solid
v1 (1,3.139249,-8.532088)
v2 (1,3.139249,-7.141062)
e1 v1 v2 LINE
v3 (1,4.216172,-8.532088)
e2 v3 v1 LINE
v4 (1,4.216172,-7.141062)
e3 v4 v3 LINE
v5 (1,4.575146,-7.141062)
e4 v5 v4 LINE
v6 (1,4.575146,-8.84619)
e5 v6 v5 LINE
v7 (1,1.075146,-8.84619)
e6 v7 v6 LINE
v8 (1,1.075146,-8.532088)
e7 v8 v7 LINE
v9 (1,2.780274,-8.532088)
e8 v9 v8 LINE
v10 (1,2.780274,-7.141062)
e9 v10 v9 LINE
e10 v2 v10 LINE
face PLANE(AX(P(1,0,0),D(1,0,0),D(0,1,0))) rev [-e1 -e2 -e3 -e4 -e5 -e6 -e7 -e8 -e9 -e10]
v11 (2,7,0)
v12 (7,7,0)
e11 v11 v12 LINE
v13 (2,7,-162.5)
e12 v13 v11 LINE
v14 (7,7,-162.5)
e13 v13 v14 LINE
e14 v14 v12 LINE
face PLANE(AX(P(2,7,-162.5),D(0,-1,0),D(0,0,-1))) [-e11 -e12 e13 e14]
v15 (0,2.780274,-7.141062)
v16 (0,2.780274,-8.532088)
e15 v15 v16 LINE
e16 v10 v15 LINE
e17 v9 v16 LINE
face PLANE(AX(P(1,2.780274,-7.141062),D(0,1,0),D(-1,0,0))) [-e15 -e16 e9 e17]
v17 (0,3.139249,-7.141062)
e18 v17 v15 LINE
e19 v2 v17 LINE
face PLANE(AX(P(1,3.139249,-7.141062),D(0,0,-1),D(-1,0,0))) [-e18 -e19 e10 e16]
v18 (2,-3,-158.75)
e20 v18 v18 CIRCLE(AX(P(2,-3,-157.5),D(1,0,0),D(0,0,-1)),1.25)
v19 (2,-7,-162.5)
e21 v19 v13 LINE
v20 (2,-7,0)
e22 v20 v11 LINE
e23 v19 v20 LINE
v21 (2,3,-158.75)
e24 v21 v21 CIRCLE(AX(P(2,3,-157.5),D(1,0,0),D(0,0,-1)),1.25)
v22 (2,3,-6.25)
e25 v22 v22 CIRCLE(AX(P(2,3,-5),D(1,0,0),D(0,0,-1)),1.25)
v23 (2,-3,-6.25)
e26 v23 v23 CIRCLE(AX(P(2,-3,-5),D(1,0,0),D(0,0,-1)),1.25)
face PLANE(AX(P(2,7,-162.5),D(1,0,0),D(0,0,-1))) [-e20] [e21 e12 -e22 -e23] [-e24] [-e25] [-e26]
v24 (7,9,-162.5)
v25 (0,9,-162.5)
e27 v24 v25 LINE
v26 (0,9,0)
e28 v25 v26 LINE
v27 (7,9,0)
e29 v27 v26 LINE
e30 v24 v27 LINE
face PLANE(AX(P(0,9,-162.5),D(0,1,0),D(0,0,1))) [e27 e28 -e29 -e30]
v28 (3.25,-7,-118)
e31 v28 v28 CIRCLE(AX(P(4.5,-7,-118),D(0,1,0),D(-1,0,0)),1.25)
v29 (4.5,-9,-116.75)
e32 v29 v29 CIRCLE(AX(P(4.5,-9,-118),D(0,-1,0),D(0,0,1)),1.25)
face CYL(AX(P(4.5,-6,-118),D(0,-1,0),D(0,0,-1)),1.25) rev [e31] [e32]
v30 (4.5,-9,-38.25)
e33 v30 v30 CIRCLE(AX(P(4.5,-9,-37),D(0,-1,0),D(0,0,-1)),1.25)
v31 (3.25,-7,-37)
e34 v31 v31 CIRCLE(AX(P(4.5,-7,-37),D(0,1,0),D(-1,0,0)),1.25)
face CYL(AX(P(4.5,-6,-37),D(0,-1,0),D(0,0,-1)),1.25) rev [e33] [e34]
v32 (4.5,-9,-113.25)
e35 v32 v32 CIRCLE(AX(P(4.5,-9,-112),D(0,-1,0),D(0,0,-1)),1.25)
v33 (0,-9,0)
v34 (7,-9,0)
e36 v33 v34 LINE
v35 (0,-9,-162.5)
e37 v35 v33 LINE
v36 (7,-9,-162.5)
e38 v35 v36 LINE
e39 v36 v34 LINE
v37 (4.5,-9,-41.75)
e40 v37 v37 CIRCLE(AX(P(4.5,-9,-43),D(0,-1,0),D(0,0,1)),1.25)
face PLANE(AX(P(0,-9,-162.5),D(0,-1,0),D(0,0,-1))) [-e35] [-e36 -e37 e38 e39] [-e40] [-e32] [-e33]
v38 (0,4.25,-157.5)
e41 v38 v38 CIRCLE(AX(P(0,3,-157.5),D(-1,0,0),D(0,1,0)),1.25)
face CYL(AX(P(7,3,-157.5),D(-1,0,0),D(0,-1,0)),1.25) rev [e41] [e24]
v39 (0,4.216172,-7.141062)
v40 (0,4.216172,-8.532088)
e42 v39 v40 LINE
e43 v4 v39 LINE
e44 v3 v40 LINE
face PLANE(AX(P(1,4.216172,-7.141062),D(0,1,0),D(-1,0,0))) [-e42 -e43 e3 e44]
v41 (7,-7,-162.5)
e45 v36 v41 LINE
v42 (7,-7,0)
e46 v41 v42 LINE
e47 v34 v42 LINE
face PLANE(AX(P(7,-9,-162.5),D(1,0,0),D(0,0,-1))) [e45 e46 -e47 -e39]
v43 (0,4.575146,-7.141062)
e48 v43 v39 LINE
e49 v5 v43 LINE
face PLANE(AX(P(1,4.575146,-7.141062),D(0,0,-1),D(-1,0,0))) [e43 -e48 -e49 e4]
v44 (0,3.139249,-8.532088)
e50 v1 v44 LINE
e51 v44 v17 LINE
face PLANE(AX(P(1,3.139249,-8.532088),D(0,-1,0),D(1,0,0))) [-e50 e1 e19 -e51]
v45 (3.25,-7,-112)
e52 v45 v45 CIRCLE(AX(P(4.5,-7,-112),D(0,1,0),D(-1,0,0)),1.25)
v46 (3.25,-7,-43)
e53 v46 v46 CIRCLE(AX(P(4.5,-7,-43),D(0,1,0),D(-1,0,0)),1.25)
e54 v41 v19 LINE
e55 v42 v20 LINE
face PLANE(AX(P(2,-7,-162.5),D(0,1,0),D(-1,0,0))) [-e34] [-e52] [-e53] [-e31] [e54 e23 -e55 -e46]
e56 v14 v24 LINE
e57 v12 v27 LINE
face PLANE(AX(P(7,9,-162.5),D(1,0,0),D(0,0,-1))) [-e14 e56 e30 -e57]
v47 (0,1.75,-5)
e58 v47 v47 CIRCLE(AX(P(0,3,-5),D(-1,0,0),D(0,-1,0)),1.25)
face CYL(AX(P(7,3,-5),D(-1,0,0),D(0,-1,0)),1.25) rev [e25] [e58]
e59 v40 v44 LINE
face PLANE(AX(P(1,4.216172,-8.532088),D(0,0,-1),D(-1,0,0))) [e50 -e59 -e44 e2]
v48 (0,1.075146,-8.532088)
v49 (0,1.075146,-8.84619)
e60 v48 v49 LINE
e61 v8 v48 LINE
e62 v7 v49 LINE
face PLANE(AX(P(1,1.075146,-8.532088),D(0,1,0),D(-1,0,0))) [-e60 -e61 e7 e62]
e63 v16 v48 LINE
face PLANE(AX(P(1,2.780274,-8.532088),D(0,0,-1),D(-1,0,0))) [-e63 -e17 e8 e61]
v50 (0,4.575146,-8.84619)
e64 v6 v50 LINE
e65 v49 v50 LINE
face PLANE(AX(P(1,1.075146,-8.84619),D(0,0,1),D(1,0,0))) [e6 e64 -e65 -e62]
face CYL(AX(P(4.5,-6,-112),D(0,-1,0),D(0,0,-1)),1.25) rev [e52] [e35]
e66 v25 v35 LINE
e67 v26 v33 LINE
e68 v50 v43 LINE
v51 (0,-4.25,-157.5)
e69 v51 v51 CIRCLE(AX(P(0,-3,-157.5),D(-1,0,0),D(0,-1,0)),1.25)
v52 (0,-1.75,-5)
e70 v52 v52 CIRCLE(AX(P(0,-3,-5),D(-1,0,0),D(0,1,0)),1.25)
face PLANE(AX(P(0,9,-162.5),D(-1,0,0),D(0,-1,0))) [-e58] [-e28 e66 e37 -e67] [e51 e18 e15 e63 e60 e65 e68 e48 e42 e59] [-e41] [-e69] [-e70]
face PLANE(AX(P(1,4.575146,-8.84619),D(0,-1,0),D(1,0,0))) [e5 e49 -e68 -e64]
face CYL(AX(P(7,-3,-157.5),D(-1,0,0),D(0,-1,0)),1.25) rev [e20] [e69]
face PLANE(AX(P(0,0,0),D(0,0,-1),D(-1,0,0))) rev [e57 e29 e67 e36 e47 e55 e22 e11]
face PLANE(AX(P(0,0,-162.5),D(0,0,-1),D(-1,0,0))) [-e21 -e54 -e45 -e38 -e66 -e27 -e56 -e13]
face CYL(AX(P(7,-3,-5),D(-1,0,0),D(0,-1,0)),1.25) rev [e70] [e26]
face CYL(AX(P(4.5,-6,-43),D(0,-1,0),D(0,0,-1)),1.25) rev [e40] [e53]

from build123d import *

# Parameters (mm, degrees)
BOSS_EXTRUDE1_DEPTH = 162.5
SKETCH2_R           = 1.25
CUT_EXTRUDE1_DEPTH  = 8
CUT_EXTRUDE2_DEPTH  = 1
SKETCH4_R           = 1.25
CUT_EXTRUDE3_DEPTH  = 3


with BuildPart() as part:
    # Sketch1 → Boss-Extrude1 (new body)
    with BuildSketch(Plane.XY):
        Polygon((0, 9), (0, -9), (7, -9), (7, -7), (2, -7), (2, 7), (7, 7), (7, 9), align=None)
    extrude(amount=-BOSS_EXTRUDE1_DEPTH)

    # Sketch2 → Cut-Extrude1 (cut, through all)
    with BuildSketch(Plane.ZY):
        with Locations((-5, 3)):
            Circle(SKETCH2_R)
        with Locations((-5, -3)):
            Circle(SKETCH2_R)
        with Locations((-157.5, -3)):
            Circle(SKETCH2_R)
        with Locations((-157.5, 3)):
            Circle(SKETCH2_R)
    extrude(amount=-CUT_EXTRUDE1_DEPTH, mode=Mode.SUBTRACT)

    # Sketch3 → Cut-Extrude2 (cut)
    with BuildSketch(Plane.ZY):
        Polygon((-8.84619024, 4.575146227), (-7.141062035, 4.575146227), (-7.141062035, 4.216171868), (-8.532087676, 4.216171868), (-8.532087676, 3.139248791), (-7.141062035, 3.139248791), (-7.141062035, 2.780274432), (-8.532087676, 2.780274432), (-8.532087676, 1.075146227), (-8.84619024, 1.075146227), align=None)
    extrude(amount=-CUT_EXTRUDE2_DEPTH, mode=Mode.SUBTRACT)

    # Sketch4 → Cut-Extrude3 (cut)
    with BuildSketch(Plane.XZ.offset(9)):
        with Locations((4.5, -37)):
            Circle(SKETCH4_R)
        with Locations((4.5, -43)):
            Circle(SKETCH4_R)
        with Locations((4.5, -112)):
            Circle(SKETCH4_R)
        with Locations((4.5, -118)):
            Circle(SKETCH4_R)
    extrude(amount=-CUT_EXTRUDE3_DEPTH, mode=Mode.SUBTRACT)


solid = part.part
